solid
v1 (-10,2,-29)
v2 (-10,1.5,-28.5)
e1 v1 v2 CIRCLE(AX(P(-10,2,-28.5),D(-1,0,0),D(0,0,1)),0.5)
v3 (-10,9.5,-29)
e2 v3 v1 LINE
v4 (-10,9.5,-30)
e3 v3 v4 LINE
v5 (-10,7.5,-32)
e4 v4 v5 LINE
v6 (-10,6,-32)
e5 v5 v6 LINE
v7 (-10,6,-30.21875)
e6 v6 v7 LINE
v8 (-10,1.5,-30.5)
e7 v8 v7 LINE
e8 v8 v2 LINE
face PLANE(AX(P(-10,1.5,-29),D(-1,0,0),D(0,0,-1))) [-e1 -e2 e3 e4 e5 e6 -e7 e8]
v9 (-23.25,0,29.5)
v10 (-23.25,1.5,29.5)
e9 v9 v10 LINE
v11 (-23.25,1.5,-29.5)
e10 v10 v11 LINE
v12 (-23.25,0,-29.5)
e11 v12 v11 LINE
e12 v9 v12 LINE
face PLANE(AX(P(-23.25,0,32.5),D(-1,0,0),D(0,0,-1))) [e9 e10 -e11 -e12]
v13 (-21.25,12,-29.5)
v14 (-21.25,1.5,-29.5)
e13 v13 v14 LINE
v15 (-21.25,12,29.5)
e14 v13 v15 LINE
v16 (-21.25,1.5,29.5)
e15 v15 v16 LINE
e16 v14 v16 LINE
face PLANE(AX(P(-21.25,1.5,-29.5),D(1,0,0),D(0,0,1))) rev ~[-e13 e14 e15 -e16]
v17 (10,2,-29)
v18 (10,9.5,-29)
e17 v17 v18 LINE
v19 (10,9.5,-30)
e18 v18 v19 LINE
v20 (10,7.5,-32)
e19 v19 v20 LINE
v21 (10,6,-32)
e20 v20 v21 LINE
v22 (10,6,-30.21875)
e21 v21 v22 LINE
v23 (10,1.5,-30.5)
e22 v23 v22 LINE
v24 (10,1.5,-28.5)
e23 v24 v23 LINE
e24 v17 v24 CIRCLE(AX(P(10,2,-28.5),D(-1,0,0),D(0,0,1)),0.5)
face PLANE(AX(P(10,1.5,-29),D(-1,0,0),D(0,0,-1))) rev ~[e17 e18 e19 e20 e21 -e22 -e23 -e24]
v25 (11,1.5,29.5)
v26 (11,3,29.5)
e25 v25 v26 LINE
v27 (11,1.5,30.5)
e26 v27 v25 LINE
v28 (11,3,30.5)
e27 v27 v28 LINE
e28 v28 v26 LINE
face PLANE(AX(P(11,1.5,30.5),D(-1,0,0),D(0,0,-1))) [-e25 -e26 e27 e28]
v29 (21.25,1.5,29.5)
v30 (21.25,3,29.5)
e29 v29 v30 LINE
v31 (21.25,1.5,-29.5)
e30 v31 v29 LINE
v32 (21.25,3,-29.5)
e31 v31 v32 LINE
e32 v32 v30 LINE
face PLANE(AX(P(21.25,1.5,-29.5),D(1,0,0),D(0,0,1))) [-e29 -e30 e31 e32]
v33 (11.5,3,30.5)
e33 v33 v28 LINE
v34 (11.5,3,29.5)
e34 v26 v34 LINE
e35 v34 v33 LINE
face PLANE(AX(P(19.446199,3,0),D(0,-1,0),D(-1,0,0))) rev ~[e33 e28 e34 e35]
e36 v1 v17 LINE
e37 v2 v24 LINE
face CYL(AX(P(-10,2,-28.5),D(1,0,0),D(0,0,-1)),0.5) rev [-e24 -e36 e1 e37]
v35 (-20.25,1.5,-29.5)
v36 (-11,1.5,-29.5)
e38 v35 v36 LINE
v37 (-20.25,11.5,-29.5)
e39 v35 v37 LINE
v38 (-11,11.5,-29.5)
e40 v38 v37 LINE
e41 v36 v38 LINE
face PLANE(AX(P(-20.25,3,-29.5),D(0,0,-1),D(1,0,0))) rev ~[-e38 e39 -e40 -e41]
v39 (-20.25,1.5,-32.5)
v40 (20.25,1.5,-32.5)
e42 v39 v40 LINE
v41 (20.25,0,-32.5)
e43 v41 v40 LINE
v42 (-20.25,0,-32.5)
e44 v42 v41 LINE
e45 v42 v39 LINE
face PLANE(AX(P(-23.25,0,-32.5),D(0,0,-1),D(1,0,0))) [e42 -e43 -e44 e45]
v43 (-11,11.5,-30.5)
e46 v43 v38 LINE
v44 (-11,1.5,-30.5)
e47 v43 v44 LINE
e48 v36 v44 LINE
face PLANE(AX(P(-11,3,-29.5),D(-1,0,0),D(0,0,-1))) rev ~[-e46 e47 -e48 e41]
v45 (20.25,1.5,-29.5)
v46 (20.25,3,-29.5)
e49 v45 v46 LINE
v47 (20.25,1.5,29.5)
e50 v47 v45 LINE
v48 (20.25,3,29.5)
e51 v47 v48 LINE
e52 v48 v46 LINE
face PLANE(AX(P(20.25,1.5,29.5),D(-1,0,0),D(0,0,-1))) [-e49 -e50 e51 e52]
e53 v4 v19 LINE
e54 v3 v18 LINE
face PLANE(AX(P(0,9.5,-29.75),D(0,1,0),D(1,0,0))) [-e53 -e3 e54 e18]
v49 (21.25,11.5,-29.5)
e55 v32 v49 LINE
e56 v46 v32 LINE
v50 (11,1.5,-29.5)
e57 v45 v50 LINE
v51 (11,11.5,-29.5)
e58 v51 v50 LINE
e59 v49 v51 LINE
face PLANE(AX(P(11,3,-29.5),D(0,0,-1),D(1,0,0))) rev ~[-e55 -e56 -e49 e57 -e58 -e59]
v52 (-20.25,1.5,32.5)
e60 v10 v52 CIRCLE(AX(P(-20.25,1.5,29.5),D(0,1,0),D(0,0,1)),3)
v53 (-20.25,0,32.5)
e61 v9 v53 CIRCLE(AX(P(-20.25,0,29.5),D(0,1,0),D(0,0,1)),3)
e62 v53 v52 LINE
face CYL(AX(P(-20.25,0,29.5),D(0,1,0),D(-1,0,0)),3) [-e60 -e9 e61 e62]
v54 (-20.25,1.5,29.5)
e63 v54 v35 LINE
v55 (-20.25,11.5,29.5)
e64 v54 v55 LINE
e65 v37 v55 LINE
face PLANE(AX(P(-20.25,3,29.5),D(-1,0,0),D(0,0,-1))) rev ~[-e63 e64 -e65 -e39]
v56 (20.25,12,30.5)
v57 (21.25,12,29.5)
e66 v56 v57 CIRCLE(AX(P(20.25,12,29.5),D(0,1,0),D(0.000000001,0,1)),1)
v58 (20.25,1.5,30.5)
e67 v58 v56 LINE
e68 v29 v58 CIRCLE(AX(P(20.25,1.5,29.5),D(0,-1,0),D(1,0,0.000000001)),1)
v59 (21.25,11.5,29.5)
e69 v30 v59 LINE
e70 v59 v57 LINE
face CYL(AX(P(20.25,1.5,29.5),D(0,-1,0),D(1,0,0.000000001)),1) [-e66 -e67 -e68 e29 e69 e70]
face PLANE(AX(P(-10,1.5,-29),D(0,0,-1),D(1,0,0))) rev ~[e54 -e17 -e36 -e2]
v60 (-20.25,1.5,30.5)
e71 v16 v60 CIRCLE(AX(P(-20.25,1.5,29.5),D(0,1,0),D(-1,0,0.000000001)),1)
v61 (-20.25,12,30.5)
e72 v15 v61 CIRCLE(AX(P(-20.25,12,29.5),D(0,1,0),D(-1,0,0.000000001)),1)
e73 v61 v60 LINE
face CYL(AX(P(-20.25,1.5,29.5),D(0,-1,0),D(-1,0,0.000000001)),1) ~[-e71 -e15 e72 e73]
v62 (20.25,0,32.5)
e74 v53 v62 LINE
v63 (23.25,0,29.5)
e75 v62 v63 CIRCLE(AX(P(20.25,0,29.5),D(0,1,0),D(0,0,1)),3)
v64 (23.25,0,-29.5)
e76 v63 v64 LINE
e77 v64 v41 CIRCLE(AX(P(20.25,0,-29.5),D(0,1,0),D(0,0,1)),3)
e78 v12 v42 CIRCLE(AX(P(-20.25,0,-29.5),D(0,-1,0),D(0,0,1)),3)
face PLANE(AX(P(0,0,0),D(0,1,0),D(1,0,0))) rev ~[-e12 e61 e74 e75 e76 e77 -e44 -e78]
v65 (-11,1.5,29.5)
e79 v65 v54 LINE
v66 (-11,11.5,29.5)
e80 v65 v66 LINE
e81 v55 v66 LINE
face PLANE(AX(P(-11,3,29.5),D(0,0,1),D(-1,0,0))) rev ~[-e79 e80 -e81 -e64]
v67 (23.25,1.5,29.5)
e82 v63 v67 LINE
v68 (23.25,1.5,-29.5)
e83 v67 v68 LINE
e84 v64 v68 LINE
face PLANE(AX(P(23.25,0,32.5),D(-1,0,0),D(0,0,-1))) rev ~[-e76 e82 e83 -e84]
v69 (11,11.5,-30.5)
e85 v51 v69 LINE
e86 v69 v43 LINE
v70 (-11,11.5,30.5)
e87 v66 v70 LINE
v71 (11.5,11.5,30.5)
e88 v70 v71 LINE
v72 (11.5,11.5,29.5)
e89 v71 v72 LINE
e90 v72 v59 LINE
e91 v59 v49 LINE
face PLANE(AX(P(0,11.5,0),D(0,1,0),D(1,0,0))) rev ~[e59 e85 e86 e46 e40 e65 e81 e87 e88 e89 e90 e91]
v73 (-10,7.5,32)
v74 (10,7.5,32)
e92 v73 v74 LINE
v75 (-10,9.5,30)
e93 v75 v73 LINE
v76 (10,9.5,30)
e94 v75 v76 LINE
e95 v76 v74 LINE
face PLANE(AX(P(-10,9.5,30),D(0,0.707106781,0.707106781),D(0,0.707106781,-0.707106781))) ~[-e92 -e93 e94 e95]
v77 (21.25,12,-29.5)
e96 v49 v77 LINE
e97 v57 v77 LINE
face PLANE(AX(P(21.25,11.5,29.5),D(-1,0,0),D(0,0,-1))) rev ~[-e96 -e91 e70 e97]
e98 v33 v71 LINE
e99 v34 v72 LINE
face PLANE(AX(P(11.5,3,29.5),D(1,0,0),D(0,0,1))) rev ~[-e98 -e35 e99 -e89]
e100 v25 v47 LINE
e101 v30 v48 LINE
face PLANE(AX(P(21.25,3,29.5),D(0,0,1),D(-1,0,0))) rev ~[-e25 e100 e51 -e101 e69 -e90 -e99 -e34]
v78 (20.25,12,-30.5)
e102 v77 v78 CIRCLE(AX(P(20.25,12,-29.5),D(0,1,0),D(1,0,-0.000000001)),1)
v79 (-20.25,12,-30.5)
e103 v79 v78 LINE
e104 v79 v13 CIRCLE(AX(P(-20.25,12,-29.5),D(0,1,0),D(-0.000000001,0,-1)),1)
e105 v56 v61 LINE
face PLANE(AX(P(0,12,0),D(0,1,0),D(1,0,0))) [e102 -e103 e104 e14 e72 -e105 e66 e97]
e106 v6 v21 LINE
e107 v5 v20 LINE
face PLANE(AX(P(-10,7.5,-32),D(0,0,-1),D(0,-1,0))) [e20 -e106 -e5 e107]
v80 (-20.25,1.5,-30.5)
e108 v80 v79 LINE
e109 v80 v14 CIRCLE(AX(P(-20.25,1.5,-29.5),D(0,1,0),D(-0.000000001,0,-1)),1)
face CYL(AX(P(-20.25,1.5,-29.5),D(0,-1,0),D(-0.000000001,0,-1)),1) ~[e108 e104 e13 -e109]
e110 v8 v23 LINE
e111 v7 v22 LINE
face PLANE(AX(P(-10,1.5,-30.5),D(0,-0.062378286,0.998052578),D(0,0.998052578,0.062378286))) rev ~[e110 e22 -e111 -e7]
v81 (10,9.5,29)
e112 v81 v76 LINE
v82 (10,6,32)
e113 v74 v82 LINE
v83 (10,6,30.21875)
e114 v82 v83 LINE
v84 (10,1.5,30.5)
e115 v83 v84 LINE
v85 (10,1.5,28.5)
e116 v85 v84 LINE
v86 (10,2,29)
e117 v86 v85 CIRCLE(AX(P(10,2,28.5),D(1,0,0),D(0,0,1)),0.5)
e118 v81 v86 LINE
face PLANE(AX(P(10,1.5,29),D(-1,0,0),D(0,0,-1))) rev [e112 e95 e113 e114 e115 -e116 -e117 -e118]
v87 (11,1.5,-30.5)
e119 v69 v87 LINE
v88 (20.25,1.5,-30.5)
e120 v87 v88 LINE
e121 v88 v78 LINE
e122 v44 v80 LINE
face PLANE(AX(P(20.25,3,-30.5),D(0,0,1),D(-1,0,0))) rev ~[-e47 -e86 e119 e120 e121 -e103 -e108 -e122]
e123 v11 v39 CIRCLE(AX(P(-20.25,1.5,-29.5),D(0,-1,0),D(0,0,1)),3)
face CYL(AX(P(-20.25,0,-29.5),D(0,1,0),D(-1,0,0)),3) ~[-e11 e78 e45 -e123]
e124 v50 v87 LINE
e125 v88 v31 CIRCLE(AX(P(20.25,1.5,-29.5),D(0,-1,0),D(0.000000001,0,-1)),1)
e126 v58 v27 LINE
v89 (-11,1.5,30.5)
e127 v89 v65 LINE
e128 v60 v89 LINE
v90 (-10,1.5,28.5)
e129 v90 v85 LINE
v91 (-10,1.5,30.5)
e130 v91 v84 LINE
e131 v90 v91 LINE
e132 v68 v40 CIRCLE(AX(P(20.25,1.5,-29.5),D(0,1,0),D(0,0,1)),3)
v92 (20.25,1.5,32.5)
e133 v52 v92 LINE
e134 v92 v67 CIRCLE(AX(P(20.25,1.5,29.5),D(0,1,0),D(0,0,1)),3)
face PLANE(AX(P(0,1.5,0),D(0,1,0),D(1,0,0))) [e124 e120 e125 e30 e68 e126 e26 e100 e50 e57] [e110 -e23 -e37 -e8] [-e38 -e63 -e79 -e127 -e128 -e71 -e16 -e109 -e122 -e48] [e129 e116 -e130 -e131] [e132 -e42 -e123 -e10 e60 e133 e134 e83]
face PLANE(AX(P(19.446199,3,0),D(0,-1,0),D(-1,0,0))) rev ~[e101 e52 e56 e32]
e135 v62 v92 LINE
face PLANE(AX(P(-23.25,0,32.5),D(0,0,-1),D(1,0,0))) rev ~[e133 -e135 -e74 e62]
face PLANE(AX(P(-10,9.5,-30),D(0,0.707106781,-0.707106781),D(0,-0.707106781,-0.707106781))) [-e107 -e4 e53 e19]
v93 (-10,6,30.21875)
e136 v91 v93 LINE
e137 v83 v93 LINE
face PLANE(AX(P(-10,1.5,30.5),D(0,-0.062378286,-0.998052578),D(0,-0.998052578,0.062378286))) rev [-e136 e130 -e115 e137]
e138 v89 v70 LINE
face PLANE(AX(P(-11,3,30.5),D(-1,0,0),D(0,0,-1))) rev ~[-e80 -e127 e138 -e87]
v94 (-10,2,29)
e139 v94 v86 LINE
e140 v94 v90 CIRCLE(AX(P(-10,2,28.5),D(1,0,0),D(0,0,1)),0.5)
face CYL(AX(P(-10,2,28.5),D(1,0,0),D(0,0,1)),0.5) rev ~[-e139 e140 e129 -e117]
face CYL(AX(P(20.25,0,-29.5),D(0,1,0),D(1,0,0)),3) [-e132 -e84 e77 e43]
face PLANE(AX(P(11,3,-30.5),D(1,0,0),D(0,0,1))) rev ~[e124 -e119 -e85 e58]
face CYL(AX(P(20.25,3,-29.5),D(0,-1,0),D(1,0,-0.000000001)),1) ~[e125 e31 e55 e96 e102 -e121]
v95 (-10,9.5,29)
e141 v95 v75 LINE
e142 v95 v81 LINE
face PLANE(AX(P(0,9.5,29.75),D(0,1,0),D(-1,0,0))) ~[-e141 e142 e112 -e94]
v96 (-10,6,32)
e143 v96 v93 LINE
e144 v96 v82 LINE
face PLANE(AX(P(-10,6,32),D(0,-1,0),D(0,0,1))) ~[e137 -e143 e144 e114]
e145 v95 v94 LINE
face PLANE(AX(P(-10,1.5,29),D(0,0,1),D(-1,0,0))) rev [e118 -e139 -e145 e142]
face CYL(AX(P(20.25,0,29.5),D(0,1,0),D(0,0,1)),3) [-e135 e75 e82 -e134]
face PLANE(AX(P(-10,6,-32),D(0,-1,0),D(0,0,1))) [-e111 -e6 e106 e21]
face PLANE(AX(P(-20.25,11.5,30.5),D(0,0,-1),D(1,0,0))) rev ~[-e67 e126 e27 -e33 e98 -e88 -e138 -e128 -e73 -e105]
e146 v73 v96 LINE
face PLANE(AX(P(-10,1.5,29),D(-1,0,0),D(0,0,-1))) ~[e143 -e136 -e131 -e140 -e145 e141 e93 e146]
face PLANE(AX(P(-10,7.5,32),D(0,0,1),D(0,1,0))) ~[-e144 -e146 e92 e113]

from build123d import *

# Parameters (mm, degrees)
SKETCH1_W            = 46.5
SKETCH1_H            = 65
BOSS_EXTRUDE1_DEPTH  = 1.5
FILLET1_R            = 3
SKETCH2_W            = 20
SKETCH2_H            = 1.5
BOSS_EXTRUDE2_DEPTH  = 8
CUT_EXTRUDE1_DEPTH   = 24
BOSS_EXTRUDE5_DEPTH  = 20
FILLET4_R            = 0.5
FILLET4_OF_MIRROR1_R = 0.5
BOSS_EXTRUDE6_DEPTH  = 1.5
BOSS_EXTRUDE7_DEPTH  = 0.5
BOSS_EXTRUDE8_START  = -9
BOSS_EXTRUDE8_DEPTH  = 9


with BuildPart() as part:
    # Sketch1 → Boss-Extrude1 (new body)
    with BuildSketch(Plane(origin=(0, 0, 0), x_dir=(1, 0, 0), z_dir=(0, 1, 0))):
        Rectangle(SKETCH1_W, SKETCH1_H)
    extrude(amount=BOSS_EXTRUDE1_DEPTH)

    # Fillet1
    fillet1_edges = [part.edges().sort_by_distance(p)[0] for p in [
        (23.25, 0.75, 32.5),
        (-23.25, 0.75, 32.5),
        (-23.25, 0.75, -32.5),
        (23.25, 0.75, -32.5),
    ]]
    fillet(fillet1_edges, radius=FILLET1_R)

    # Sketch2 → Boss-Extrude2 (add)
    with BuildSketch(Plane(origin=(0, 1.5, 0), x_dir=(1, 0, 0), z_dir=(0, 1, 0))):
        with Locations((0, 29.75)):
            Rectangle(SKETCH2_W, SKETCH2_H)
    boss_extrude2 = extrude(amount=BOSS_EXTRUDE2_DEPTH)

    # Sketch5 → Cut-Extrude1 (cut)
    with BuildSketch(Plane.ZY.offset(10)):
        Polygon((-30.5, 9.5), (-30.5, 1.5), (-30, 9.5), align=None)
    cut_extrude1 = extrude(amount=-CUT_EXTRUDE1_DEPTH, mode=Mode.SUBTRACT)

    # Sketch6 → Boss-Extrude5 (add)
    with BuildSketch(Plane.ZY.offset(10)):
        Polygon((-29, 9.5), (-30, 9.5), (-32, 7.5), (-32, 6), (-29, 6), align=None)
    boss_extrude5 = extrude(amount=-BOSS_EXTRUDE5_DEPTH)

    # Fillet4
    fillet4_edges = [part.edges().sort_by_distance(p)[0] for p in [
        (0, 1.5, -29),
    ]]
    fillet(fillet4_edges, radius=FILLET4_R)

    # Mirror1: Boss-Extrude2, Cut-Extrude1, Boss-Extrude5 across plane
    add(boss_extrude2.mirror(Plane.XY))
    add(cut_extrude1.mirror(Plane.XY), mode=Mode.SUBTRACT)
    add(boss_extrude5.mirror(Plane.XY))

    # Fillet4 of Mirror1
    fillet4_of_mirror1_edges = [part.edges().sort_by_distance(p)[0] for p in [
        (0, 1.5, 29),
    ]]
    fillet(fillet4_of_mirror1_edges, radius=FILLET4_OF_MIRROR1_R)

    # Sketch7 → Boss-Extrude6 (add)
    with BuildSketch(Plane(origin=(0, 1.5, 0), x_dir=(1, 0, 0), z_dir=(0, 1, 0))):
        with BuildLine():
            Line((-11, 30.5), (-20.25, 30.5))
            ThreePointArc((-20.25, 30.5), (-20.957106781, 30.207106781), (-21.25, 29.5))
            Line((-21.25, 29.5), (-21.25, -29.5))
            ThreePointArc((-21.25, -29.5), (-20.957106781, -30.207106781), (-20.25, -30.5))
            Line((-20.25, -30.5), (-11, -30.5))
            Line((-11, -30.5), (-11, -29.5))
            Line((-11, -29.5), (-20.25, -29.5))
            Line((-20.25, -29.5), (-20.25, 29.5))
            Line((-20.25, 29.5), (-11, 29.5))
            Line((-11, 29.5), (-11, 30.5))
        make_face()
        with BuildLine():
            Line((20.25, -29.5), (20.25, 29.5))
            Line((20.25, 29.5), (11, 29.5))
            Line((11, 29.5), (11, 30.5))
            Line((11, 30.5), (20.25, 30.5))
            ThreePointArc((20.25, 30.5), (20.957106781, 30.207106781), (21.25, 29.5))
            Line((21.25, 29.5), (21.25, -29.5))
            ThreePointArc((21.25, -29.5), (20.957106781, -30.207106781), (20.25, -30.5))
            Line((20.25, -30.5), (11, -30.5))
            Line((11, -30.5), (11, -29.5))
            Line((11, -29.5), (20.25, -29.5))
        make_face()
    extrude(amount=BOSS_EXTRUDE6_DEPTH)



with BuildPart() as body_2:
    # Sketch8 → Boss-Extrude7 (new body)
    with BuildSketch(Plane(origin=(0, 11.5, 0), x_dir=(1, 0, 0), z_dir=(0, 1, 0))):
        with BuildLine():
            Line((-11, -30.5), (11, -30.5))
            Line((11, -30.5), (20.25, -30.5))
            ThreePointArc((20.25, -30.5), (20.957106781, -30.207106781), (21.25, -29.5))
            Line((21.25, -29.5), (21.25, 29.5))
            ThreePointArc((21.25, 29.5), (20.957106781, 30.207106781), (20.25, 30.5))
            Line((20.25, 30.5), (11, 30.5))
            Line((11, 30.5), (-11, 30.5))
            Line((-11, 30.5), (-20.25, 30.5))
            ThreePointArc((-20.25, 30.5), (-20.957106781, 30.207106781), (-21.25, 29.5))
            Line((-21.25, 29.5), (-21.25, -29.5))
            ThreePointArc((-21.25, -29.5), (-20.957106781, -30.207106781), (-20.25, -30.5))
            Line((-20.25, -30.5), (-11, -30.5))
        make_face()
    extrude(amount=BOSS_EXTRUDE7_DEPTH)


with BuildPart() as part_1:
    add(part.part)

    add(body_2.part)  # Boss-Extrude8 merges body 2
    # Sketch9 → Boss-Extrude8 (add)
    with BuildSketch(Plane(origin=(0, 12, 0), x_dir=(1, 0, 0), z_dir=(0, 1, 0)).offset(BOSS_EXTRUDE8_START)):
        with BuildLine():
            Line((11, 29.5), (21.25, 29.5))
            ThreePointArc((21.25, 29.5), (20.957106781, 30.207106781), (20.25, 30.5))
            Line((20.25, 30.5), (11, 30.5))
            Line((11, 30.5), (11, 29.5))
        make_face()
        with BuildLine():
            ThreePointArc((20.25, -30.5), (20.957106781, -30.207106781), (21.25, -29.5))
            Line((21.25, -29.5), (11.5, -29.5))
            Line((11.5, -29.5), (11.5, -30.5))
            Line((11.5, -30.5), (20.25, -30.5))
        make_face()
        with BuildLine():
            Line((-11, 29.5), (-11, 30.5))
            Line((-11, 30.5), (-20.25, 30.5))
            ThreePointArc((-20.25, 30.5), (-20.957106781, 30.207106781), (-21.25, 29.5))
            Line((-21.25, 29.5), (-21.25, -29.5))
            ThreePointArc((-21.25, -29.5), (-20.957106781, -30.207106781), (-20.25, -30.5))
            Line((-20.25, -30.5), (-11, -30.5))
            Line((-11, -30.5), (-11, -29.5))
            Line((-11, -29.5), (-20.25, -29.5))
            Line((-20.25, -29.5), (-20.25, 29.5))
            Line((-20.25, 29.5), (-11, 29.5))
        make_face()
    extrude(amount=BOSS_EXTRUDE8_DEPTH)


solid = part_1.part
